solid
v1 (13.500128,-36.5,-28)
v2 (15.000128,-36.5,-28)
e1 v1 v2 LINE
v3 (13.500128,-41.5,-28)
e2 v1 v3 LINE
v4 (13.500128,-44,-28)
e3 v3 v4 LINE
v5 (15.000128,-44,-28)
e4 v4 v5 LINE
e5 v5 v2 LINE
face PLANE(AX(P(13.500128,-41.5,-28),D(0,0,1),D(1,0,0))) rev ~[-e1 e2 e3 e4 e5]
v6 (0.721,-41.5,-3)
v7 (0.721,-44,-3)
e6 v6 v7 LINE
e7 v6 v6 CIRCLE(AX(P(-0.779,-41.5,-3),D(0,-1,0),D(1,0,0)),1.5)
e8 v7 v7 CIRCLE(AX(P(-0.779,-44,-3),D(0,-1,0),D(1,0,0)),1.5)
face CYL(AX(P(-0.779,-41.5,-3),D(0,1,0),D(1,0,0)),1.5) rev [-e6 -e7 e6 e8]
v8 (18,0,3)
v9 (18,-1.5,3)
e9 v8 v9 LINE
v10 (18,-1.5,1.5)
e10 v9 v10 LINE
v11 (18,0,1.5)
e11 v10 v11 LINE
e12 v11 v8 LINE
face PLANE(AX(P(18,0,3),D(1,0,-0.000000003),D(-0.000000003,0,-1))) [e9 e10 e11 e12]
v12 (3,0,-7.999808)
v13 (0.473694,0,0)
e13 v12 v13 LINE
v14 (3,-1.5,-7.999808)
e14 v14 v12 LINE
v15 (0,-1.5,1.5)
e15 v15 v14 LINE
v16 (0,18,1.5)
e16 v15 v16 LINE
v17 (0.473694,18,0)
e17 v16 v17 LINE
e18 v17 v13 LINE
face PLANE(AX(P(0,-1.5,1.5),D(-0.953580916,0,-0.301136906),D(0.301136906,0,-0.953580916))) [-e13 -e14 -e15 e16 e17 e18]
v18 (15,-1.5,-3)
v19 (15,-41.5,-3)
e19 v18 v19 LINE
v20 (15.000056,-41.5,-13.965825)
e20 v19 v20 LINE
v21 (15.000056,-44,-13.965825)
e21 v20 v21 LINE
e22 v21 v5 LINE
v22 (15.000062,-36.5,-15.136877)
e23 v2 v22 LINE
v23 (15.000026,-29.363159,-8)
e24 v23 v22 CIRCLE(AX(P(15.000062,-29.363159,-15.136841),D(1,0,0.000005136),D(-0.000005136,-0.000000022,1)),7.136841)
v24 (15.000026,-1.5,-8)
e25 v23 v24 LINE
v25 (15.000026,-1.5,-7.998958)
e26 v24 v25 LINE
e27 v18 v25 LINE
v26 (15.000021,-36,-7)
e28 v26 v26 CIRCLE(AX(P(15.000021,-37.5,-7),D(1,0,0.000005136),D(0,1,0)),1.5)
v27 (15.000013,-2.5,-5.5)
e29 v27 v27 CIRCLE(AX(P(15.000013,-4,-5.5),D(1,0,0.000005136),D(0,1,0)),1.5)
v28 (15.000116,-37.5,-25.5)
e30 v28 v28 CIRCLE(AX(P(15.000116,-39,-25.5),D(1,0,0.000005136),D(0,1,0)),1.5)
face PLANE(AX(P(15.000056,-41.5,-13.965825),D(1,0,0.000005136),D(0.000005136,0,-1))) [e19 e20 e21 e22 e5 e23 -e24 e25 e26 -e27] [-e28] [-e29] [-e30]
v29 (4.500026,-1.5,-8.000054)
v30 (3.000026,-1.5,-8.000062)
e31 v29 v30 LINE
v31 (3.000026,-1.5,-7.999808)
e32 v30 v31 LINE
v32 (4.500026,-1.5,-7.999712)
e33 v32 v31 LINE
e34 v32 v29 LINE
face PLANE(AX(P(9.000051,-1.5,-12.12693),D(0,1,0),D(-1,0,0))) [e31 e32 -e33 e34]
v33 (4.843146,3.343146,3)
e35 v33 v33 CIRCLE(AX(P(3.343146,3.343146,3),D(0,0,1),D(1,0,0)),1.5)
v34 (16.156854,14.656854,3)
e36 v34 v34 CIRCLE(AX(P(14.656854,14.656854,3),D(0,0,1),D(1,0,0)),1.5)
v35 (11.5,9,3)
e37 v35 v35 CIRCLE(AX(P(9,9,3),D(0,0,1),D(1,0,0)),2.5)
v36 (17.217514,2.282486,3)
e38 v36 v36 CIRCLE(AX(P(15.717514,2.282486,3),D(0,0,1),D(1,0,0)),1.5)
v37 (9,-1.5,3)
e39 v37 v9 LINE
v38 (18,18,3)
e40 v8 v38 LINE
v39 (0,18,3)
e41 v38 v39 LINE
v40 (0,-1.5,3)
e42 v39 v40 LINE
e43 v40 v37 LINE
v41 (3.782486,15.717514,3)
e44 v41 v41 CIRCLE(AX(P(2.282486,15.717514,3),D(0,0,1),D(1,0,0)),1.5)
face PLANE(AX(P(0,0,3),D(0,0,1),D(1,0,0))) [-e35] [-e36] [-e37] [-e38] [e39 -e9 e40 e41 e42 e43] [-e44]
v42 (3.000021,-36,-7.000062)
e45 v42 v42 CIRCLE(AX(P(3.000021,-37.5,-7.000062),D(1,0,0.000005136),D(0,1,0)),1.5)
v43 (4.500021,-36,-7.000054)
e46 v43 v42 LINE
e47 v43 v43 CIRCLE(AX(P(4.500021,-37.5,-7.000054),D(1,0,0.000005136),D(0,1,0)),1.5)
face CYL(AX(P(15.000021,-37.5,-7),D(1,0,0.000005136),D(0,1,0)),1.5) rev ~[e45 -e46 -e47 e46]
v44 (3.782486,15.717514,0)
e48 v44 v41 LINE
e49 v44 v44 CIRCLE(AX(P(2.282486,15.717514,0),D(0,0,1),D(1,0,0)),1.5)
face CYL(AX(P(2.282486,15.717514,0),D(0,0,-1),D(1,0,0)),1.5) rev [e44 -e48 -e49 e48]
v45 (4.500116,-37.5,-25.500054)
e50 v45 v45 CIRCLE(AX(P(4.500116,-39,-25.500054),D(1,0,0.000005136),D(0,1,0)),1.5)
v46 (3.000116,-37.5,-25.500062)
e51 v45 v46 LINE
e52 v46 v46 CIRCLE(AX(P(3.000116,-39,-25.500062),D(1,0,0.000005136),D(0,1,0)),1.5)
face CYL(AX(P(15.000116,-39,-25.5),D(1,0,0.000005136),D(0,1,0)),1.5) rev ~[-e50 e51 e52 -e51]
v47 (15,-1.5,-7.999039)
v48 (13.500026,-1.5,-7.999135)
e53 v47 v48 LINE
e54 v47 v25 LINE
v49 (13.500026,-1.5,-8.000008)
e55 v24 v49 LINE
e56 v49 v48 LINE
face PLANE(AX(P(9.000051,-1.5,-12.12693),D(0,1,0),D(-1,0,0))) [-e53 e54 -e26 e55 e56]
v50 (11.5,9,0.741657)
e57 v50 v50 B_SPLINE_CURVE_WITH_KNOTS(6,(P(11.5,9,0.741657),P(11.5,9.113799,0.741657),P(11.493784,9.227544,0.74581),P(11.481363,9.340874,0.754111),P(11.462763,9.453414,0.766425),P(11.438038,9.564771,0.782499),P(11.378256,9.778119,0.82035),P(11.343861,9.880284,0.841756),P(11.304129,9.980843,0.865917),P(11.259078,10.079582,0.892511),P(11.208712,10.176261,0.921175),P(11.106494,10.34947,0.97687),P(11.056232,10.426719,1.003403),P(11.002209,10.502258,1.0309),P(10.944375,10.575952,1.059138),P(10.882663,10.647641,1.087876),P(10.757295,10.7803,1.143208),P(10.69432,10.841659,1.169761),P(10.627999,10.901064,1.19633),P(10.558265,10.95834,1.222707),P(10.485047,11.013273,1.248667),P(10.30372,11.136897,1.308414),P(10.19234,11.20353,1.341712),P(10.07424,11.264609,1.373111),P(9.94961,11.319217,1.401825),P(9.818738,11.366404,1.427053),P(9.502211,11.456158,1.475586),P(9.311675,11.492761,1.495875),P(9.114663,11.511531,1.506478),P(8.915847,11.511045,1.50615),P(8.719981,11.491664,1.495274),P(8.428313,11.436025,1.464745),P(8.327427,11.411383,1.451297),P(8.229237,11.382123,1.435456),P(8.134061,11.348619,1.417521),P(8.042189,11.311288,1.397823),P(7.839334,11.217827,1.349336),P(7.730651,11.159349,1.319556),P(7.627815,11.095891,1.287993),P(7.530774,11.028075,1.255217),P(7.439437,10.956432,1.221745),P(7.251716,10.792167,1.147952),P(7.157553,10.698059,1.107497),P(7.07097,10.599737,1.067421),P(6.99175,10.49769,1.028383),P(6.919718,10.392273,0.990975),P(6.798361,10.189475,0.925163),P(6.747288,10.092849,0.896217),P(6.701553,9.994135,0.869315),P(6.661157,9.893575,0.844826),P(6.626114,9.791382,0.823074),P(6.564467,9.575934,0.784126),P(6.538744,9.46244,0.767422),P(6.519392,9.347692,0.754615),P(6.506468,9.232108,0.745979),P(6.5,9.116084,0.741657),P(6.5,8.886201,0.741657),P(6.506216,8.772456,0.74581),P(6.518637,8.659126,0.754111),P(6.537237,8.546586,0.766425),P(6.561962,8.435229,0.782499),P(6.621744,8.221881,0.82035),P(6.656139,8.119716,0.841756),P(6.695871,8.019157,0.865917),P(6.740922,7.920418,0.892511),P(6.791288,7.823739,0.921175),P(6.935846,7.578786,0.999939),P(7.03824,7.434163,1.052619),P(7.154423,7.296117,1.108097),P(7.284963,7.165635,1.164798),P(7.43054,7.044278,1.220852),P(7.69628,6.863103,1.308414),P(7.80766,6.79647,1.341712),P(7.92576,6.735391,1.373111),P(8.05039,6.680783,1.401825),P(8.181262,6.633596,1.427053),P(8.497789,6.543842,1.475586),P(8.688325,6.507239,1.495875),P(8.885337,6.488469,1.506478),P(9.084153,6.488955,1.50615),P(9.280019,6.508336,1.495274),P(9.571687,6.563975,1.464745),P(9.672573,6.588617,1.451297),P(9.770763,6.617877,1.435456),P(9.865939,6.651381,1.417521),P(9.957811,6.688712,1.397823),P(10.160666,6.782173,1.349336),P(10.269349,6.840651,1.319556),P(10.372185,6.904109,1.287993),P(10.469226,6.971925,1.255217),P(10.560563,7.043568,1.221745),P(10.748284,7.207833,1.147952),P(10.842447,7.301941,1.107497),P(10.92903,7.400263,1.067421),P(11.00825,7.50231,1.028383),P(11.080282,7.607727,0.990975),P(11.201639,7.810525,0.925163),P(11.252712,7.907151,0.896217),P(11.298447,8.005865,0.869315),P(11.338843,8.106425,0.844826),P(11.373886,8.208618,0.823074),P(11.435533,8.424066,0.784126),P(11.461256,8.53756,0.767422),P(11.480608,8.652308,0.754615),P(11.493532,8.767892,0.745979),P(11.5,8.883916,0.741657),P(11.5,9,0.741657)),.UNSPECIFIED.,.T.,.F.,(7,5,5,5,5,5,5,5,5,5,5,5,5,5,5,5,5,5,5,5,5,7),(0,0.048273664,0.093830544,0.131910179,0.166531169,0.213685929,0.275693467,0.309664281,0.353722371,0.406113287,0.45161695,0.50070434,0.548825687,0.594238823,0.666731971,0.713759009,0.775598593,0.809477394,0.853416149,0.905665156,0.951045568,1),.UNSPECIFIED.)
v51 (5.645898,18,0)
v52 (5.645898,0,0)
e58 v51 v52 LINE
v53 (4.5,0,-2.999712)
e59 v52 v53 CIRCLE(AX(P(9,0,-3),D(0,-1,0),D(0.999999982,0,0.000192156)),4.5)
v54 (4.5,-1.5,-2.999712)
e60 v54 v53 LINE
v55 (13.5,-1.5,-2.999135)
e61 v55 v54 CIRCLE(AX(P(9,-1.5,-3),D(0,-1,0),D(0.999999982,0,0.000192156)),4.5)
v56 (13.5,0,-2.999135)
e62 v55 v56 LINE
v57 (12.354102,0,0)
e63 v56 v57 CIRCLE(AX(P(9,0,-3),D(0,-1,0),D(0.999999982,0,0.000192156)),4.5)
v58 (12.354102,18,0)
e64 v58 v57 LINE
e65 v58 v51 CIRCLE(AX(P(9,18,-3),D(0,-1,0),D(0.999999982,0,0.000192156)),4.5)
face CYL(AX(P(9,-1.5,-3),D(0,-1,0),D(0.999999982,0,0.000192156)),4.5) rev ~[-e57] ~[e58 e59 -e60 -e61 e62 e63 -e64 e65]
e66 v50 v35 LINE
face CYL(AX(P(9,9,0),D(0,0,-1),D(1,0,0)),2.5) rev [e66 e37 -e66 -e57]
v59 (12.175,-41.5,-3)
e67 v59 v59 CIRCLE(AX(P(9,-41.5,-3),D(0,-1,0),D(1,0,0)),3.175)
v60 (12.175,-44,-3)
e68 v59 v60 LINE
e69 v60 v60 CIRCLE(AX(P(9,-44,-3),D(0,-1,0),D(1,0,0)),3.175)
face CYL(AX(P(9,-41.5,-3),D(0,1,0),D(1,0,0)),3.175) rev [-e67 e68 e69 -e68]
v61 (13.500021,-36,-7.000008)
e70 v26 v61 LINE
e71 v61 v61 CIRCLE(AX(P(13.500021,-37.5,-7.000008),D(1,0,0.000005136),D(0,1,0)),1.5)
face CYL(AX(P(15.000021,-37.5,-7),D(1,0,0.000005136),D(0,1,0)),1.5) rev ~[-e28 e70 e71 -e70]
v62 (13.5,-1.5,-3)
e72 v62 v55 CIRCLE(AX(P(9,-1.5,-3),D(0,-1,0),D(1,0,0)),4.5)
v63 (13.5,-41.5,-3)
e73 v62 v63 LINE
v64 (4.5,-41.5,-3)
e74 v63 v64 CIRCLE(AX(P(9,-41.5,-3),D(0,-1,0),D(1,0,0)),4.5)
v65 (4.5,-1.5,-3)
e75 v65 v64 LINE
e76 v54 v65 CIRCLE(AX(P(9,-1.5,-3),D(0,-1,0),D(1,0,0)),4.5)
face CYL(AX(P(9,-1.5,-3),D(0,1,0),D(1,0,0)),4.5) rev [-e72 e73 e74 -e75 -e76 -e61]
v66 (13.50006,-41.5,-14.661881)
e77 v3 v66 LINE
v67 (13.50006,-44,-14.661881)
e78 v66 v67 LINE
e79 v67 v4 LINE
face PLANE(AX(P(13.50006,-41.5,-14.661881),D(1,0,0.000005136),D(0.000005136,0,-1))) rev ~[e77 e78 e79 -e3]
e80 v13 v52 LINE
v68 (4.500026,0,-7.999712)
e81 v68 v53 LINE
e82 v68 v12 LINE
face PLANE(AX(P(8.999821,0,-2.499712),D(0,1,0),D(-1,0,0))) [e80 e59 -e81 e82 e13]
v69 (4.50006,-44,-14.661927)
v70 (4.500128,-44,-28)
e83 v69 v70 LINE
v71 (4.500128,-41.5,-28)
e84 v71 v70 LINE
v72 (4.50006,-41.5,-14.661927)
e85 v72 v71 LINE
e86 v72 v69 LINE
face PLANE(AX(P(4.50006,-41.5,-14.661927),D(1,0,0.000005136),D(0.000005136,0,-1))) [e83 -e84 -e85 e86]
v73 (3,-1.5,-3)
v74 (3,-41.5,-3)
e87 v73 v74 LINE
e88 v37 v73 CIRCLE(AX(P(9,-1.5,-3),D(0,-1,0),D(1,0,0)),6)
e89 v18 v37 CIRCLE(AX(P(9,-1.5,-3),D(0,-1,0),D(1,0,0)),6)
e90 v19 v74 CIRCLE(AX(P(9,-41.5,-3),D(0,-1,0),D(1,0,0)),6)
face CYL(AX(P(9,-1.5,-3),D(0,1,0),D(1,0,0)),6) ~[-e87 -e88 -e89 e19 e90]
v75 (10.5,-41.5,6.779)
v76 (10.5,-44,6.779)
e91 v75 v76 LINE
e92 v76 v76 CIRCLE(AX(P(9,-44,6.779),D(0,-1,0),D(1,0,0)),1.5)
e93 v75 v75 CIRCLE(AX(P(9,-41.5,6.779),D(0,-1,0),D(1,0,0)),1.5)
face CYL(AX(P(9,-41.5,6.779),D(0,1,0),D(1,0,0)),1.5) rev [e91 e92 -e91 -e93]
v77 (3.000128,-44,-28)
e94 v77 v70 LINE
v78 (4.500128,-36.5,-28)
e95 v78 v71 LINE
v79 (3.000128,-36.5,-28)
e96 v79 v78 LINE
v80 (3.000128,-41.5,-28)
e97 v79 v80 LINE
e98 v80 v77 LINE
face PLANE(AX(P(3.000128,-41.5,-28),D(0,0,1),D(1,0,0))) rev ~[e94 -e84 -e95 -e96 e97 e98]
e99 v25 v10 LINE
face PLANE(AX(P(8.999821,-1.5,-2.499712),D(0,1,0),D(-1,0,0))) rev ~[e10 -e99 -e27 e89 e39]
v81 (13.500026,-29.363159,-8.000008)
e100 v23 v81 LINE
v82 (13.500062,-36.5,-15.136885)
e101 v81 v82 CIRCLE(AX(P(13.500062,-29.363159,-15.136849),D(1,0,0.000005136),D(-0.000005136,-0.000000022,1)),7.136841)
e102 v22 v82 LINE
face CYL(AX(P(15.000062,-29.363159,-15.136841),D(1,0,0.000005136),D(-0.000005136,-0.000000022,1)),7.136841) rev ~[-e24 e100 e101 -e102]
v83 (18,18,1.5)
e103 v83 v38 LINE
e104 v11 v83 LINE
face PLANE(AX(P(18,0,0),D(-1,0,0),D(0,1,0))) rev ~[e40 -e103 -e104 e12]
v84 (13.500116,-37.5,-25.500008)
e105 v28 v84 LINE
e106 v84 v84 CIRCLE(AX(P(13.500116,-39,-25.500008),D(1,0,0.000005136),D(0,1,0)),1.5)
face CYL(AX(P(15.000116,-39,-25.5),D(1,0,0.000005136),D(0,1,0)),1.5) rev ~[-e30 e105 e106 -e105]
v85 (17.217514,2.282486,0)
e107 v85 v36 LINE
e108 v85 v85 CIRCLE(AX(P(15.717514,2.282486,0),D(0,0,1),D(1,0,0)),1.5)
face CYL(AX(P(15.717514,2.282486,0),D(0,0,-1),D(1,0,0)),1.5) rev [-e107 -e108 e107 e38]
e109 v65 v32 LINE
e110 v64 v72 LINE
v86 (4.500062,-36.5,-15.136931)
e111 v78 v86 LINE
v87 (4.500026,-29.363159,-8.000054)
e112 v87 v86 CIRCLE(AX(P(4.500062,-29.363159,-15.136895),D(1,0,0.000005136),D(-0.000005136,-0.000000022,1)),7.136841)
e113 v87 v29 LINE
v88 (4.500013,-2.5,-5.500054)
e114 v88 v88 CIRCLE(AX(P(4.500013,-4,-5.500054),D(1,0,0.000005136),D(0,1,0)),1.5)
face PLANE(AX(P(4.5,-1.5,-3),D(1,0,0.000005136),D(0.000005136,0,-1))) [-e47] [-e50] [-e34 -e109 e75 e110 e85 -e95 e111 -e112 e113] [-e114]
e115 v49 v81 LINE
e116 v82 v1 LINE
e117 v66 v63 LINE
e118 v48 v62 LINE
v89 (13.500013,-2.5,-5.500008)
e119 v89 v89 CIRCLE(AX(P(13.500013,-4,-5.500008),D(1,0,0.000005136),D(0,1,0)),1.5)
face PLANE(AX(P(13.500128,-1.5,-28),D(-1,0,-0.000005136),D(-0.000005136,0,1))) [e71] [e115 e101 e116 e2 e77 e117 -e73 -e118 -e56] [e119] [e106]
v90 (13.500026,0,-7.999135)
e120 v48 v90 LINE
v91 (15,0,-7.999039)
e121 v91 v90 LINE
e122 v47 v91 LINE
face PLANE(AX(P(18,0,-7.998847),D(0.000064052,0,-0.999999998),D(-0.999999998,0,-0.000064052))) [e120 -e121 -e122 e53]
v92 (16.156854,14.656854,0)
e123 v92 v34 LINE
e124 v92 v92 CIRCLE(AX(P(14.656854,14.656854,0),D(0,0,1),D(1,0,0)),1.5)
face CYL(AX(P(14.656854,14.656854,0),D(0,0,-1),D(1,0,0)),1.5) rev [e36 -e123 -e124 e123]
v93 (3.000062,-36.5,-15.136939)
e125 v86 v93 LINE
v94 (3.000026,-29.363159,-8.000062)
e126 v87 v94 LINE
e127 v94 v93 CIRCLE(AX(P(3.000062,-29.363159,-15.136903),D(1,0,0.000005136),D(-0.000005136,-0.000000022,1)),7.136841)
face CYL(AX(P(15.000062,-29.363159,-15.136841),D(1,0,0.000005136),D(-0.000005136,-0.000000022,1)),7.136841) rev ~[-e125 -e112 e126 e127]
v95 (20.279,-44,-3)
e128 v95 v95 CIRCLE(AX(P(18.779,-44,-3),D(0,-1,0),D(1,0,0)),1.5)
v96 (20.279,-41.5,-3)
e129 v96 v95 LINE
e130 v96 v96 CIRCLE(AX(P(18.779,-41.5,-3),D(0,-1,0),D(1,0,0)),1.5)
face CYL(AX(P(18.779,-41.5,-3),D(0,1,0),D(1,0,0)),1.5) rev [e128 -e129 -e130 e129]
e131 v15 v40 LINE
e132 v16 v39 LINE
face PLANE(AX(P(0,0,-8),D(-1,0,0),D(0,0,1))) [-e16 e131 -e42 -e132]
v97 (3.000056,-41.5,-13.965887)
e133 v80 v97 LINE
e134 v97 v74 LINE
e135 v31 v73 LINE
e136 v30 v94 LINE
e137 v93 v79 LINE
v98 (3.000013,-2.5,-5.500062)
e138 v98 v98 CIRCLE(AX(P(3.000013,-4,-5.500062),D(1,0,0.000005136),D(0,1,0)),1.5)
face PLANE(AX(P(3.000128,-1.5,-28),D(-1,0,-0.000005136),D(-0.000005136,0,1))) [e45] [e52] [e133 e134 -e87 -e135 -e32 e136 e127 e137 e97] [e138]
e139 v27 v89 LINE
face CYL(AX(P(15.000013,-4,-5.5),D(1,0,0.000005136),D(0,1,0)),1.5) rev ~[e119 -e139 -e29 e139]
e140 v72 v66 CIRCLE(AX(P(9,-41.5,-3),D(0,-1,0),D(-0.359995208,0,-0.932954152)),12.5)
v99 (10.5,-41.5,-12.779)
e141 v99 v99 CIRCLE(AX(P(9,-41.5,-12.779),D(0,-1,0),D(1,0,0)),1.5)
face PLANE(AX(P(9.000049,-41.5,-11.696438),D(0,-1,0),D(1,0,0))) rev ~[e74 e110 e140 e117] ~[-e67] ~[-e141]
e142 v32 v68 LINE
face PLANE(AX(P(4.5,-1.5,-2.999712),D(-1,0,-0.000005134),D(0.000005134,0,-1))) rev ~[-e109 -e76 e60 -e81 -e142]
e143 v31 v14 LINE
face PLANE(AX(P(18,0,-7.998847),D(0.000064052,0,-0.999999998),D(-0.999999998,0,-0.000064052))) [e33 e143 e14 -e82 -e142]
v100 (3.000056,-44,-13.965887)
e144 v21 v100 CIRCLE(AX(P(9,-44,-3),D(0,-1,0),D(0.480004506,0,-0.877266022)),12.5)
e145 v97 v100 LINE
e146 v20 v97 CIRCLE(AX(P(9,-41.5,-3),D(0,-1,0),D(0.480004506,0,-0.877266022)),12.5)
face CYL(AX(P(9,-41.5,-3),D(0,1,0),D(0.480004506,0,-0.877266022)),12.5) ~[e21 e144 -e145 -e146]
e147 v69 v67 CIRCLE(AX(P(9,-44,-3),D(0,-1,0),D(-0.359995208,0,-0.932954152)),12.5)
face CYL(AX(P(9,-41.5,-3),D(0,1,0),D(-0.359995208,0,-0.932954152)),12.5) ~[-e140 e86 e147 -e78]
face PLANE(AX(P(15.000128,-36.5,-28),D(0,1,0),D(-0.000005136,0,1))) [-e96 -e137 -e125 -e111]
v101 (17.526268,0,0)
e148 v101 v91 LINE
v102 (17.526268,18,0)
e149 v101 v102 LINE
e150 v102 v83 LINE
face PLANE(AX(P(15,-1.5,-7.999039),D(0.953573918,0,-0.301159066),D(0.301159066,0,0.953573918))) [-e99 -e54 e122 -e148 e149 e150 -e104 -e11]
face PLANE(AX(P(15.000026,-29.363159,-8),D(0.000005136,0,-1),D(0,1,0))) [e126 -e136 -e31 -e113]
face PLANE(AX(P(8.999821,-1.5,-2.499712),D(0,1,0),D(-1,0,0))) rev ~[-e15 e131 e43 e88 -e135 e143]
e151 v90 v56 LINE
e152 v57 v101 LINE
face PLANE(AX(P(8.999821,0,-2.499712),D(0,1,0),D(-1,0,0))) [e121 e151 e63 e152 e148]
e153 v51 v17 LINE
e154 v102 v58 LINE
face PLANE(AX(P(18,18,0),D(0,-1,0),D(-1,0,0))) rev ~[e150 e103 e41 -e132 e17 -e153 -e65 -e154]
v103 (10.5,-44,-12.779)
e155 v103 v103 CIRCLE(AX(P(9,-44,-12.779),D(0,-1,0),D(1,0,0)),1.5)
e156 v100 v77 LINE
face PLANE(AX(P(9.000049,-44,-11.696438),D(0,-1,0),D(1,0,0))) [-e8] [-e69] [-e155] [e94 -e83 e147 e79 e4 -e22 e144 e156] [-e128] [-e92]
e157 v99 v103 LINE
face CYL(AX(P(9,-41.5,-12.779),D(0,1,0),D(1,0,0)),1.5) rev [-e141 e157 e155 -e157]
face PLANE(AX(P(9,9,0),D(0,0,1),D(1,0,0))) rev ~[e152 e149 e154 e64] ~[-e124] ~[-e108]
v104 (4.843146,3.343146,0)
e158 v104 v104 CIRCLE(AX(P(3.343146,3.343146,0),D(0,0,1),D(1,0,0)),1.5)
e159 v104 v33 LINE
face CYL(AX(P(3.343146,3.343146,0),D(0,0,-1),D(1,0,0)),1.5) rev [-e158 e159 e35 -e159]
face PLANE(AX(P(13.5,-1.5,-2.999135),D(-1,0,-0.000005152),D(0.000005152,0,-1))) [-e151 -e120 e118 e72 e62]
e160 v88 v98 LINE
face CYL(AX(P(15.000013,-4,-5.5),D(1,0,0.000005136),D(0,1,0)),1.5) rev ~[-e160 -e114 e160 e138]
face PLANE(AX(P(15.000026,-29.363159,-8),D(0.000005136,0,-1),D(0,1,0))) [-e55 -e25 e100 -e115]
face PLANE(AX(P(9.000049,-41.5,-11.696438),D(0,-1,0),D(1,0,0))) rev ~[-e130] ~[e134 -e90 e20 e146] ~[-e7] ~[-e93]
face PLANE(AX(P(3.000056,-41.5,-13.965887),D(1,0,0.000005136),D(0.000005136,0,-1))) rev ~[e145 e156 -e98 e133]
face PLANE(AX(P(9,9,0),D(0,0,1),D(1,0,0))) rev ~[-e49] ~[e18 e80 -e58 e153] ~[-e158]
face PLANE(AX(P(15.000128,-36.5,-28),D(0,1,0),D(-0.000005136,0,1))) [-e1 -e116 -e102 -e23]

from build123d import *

# Parameters (mm, degrees)
SKETCH_R        = 1.5
SKETCH_R_2      = 2.5
PAD_DEPTH       = 3
PAD001_DEPTH    = 1.5
PAD002_DEPTH    = 40
SKETCH005_R     = 1.5
POCKET_DEPTH    = 13
POCKET001_DEPTH = 25
POCKET002_DEPTH = 25
SKETCH007_R     = 3.175
SKETCH007_R_2   = 1.5
PAD003_DEPTH    = 2.5


with BuildPart() as part:
    # Sketch → Pad (new body)
    with BuildSketch(Plane.XY):
        Polygon((0, 0), (18, 0), (18, 18), (0, 18), (0, 10.5), (0, 7.5), align=None)
        with Locations((2.2824855787, 15.7175144213)):
            Circle(SKETCH_R, mode=Mode.SUBTRACT)
        with Locations((14.6568542495, 14.6568542495)):
            Circle(SKETCH_R, mode=Mode.SUBTRACT)
        with Locations((3.3431457505, 3.3431457505)):
            Circle(SKETCH_R, mode=Mode.SUBTRACT)
        with Locations((15.7175144213, 2.2824855787)):
            Circle(SKETCH_R, mode=Mode.SUBTRACT)
        with Locations((9, 9)):
            Circle(SKETCH_R_2, mode=Mode.SUBTRACT)
    extrude(amount=PAD_DEPTH)

    # Sketch002 → Pad001 (new body)
    with BuildSketch(Plane.XZ):
        Polygon((0, 3), (18, 3), (17.9999999631, -7.9988470638), (0, -8), align=None)
    extrude(amount=PAD001_DEPTH)

    # Sketch001 → Pad002 (new body)
    with BuildSketch(Plane.XZ.offset(1.5)):
        with BuildLine():
            ThreePointArc((13.5, -3), (9, 1.5), (4.5, -3))
            Line((4.5, -3), (4.5001284117, -27.9999999997))
            Line((4.5001284117, -27.9999999997), (3.0001284117, -27.9999999997))
            Line((3.0001284117, -27.9999999997), (3, -3))
            ThreePointArc((15, -3), (9, 3), (3, -3))
            Line((15, -3), (15.0001284117, -27.9999999997))
            Line((15.0001284117, -27.9999999997), (13.5001284117, -27.9999999997))
            Line((13.5001284117, -27.9999999997), (13.5, -3))
        make_face()
    extrude(amount=PAD002_DEPTH)

    # Sketch005 → Pocket (cut)
    with BuildSketch(Plane(origin=(14.9999845902, 0, 7.70469e-05), x_dir=(0, 1, 0), z_dir=(1, 0, 5.1365e-06))):
        with Locations((-4, -5.500077047)):
            Circle(SKETCH005_R)
        with Locations((-37.5, -7.000077047)):
            Circle(SKETCH005_R)
        with Locations((-39, -25.500077047)):
            Circle(SKETCH005_R)
        with BuildLine():
            Line((-36.5, -28.000077047), (-36.4999999999, -15.1369541066))
            ThreePointArc((-29.3631590976, -8.000077047), (-34.4096804325, -10.0904221815), (-36.4999999999, -15.1369541066))
            Line((-29.3631590976, -8.000077047), (-1.4999991941, -8.000077047))
            Line((-1.5, -28.000077047), (-1.4999991941, -8.000077047))
            Line((-36.5, -28.000077047), (-1.5, -28.000077047))
        make_face()
    extrude(amount=-POCKET_DEPTH, mode=Mode.SUBTRACT)

    # Sketch006 → Pocket001 (cut)
    with BuildSketch(Plane.XZ.offset(1.5)):
        Polygon((0, 1.5), (2.9999999938, -7.999807844), (0, -8), align=None)
        Polygon((17.9999999631, -7.9988470638), (14.9999999692, -7.9990392199), (17.999999995, 1.5), align=None)
    extrude(amount=-POCKET001_DEPTH, mode=Mode.SUBTRACT)

    # Sketch008 → Pocket002 (cut)
    with BuildSketch(Plane.XZ.offset(1.5)):
        with BuildLine():
            Line((4.5000000092, -2.9997117644), (4.5000256809, -7.9997117643))
            Line((4.5000256809, -7.9997117643), (13.5000256779, -7.9991352962))
            Line((13.4999999169, -2.9991352963), (13.5000256779, -7.9991352962))
            ThreePointArc((13.4999999169, -2.9991352963), (8.999711766, 1.4999999908), (4.5000000092, -2.9997117644))
        make_face()
    extrude(amount=-POCKET002_DEPTH, mode=Mode.SUBTRACT)

    # Sketch007 → Pad003 (new body)
    with BuildSketch(Plane.XZ.offset(41.5)):
        with BuildLine():
            ThreePointArc((15.0000563256, -13.9658252808), (8.9999357942, 9.4999999998), (3.0000563259, -13.9658869184))
            Line((3.0000563259, -13.9658869184), (3.0001284117, -27.9999999997))
            Line((3.0001284117, -27.9999999997), (4.5001284117, -27.9999999997))
            Line((4.5000599011, -14.6619269037), (4.5001284117, -27.9999999997))
            ThreePointArc((4.5000599011, -14.6619269037), (9.0000642058, -15.4999999998), (13.5000599009, -14.6618806755))
            Line((13.5000599009, -14.6618806755), (13.5001284117, -27.9999999997))
            Line((13.5001284117, -27.9999999997), (15.0001284117, -27.9999999997))
            Line((15.0000563256, -13.9658252808), (15.0001284117, -27.9999999997))
        make_face()
        with Locations((9, -3)):
            Circle(SKETCH007_R, mode=Mode.SUBTRACT)
        with Locations((-0.779, -3)):
            Circle(SKETCH007_R_2, mode=Mode.SUBTRACT)
        with Locations((9, -12.779)):
            Circle(SKETCH007_R_2, mode=Mode.SUBTRACT)
        with Locations((9, 6.779)):
            Circle(SKETCH007_R_2, mode=Mode.SUBTRACT)
        with Locations((18.779, -3)):
            Circle(SKETCH007_R_2, mode=Mode.SUBTRACT)
    extrude(amount=PAD003_DEPTH)


solid = part.part
